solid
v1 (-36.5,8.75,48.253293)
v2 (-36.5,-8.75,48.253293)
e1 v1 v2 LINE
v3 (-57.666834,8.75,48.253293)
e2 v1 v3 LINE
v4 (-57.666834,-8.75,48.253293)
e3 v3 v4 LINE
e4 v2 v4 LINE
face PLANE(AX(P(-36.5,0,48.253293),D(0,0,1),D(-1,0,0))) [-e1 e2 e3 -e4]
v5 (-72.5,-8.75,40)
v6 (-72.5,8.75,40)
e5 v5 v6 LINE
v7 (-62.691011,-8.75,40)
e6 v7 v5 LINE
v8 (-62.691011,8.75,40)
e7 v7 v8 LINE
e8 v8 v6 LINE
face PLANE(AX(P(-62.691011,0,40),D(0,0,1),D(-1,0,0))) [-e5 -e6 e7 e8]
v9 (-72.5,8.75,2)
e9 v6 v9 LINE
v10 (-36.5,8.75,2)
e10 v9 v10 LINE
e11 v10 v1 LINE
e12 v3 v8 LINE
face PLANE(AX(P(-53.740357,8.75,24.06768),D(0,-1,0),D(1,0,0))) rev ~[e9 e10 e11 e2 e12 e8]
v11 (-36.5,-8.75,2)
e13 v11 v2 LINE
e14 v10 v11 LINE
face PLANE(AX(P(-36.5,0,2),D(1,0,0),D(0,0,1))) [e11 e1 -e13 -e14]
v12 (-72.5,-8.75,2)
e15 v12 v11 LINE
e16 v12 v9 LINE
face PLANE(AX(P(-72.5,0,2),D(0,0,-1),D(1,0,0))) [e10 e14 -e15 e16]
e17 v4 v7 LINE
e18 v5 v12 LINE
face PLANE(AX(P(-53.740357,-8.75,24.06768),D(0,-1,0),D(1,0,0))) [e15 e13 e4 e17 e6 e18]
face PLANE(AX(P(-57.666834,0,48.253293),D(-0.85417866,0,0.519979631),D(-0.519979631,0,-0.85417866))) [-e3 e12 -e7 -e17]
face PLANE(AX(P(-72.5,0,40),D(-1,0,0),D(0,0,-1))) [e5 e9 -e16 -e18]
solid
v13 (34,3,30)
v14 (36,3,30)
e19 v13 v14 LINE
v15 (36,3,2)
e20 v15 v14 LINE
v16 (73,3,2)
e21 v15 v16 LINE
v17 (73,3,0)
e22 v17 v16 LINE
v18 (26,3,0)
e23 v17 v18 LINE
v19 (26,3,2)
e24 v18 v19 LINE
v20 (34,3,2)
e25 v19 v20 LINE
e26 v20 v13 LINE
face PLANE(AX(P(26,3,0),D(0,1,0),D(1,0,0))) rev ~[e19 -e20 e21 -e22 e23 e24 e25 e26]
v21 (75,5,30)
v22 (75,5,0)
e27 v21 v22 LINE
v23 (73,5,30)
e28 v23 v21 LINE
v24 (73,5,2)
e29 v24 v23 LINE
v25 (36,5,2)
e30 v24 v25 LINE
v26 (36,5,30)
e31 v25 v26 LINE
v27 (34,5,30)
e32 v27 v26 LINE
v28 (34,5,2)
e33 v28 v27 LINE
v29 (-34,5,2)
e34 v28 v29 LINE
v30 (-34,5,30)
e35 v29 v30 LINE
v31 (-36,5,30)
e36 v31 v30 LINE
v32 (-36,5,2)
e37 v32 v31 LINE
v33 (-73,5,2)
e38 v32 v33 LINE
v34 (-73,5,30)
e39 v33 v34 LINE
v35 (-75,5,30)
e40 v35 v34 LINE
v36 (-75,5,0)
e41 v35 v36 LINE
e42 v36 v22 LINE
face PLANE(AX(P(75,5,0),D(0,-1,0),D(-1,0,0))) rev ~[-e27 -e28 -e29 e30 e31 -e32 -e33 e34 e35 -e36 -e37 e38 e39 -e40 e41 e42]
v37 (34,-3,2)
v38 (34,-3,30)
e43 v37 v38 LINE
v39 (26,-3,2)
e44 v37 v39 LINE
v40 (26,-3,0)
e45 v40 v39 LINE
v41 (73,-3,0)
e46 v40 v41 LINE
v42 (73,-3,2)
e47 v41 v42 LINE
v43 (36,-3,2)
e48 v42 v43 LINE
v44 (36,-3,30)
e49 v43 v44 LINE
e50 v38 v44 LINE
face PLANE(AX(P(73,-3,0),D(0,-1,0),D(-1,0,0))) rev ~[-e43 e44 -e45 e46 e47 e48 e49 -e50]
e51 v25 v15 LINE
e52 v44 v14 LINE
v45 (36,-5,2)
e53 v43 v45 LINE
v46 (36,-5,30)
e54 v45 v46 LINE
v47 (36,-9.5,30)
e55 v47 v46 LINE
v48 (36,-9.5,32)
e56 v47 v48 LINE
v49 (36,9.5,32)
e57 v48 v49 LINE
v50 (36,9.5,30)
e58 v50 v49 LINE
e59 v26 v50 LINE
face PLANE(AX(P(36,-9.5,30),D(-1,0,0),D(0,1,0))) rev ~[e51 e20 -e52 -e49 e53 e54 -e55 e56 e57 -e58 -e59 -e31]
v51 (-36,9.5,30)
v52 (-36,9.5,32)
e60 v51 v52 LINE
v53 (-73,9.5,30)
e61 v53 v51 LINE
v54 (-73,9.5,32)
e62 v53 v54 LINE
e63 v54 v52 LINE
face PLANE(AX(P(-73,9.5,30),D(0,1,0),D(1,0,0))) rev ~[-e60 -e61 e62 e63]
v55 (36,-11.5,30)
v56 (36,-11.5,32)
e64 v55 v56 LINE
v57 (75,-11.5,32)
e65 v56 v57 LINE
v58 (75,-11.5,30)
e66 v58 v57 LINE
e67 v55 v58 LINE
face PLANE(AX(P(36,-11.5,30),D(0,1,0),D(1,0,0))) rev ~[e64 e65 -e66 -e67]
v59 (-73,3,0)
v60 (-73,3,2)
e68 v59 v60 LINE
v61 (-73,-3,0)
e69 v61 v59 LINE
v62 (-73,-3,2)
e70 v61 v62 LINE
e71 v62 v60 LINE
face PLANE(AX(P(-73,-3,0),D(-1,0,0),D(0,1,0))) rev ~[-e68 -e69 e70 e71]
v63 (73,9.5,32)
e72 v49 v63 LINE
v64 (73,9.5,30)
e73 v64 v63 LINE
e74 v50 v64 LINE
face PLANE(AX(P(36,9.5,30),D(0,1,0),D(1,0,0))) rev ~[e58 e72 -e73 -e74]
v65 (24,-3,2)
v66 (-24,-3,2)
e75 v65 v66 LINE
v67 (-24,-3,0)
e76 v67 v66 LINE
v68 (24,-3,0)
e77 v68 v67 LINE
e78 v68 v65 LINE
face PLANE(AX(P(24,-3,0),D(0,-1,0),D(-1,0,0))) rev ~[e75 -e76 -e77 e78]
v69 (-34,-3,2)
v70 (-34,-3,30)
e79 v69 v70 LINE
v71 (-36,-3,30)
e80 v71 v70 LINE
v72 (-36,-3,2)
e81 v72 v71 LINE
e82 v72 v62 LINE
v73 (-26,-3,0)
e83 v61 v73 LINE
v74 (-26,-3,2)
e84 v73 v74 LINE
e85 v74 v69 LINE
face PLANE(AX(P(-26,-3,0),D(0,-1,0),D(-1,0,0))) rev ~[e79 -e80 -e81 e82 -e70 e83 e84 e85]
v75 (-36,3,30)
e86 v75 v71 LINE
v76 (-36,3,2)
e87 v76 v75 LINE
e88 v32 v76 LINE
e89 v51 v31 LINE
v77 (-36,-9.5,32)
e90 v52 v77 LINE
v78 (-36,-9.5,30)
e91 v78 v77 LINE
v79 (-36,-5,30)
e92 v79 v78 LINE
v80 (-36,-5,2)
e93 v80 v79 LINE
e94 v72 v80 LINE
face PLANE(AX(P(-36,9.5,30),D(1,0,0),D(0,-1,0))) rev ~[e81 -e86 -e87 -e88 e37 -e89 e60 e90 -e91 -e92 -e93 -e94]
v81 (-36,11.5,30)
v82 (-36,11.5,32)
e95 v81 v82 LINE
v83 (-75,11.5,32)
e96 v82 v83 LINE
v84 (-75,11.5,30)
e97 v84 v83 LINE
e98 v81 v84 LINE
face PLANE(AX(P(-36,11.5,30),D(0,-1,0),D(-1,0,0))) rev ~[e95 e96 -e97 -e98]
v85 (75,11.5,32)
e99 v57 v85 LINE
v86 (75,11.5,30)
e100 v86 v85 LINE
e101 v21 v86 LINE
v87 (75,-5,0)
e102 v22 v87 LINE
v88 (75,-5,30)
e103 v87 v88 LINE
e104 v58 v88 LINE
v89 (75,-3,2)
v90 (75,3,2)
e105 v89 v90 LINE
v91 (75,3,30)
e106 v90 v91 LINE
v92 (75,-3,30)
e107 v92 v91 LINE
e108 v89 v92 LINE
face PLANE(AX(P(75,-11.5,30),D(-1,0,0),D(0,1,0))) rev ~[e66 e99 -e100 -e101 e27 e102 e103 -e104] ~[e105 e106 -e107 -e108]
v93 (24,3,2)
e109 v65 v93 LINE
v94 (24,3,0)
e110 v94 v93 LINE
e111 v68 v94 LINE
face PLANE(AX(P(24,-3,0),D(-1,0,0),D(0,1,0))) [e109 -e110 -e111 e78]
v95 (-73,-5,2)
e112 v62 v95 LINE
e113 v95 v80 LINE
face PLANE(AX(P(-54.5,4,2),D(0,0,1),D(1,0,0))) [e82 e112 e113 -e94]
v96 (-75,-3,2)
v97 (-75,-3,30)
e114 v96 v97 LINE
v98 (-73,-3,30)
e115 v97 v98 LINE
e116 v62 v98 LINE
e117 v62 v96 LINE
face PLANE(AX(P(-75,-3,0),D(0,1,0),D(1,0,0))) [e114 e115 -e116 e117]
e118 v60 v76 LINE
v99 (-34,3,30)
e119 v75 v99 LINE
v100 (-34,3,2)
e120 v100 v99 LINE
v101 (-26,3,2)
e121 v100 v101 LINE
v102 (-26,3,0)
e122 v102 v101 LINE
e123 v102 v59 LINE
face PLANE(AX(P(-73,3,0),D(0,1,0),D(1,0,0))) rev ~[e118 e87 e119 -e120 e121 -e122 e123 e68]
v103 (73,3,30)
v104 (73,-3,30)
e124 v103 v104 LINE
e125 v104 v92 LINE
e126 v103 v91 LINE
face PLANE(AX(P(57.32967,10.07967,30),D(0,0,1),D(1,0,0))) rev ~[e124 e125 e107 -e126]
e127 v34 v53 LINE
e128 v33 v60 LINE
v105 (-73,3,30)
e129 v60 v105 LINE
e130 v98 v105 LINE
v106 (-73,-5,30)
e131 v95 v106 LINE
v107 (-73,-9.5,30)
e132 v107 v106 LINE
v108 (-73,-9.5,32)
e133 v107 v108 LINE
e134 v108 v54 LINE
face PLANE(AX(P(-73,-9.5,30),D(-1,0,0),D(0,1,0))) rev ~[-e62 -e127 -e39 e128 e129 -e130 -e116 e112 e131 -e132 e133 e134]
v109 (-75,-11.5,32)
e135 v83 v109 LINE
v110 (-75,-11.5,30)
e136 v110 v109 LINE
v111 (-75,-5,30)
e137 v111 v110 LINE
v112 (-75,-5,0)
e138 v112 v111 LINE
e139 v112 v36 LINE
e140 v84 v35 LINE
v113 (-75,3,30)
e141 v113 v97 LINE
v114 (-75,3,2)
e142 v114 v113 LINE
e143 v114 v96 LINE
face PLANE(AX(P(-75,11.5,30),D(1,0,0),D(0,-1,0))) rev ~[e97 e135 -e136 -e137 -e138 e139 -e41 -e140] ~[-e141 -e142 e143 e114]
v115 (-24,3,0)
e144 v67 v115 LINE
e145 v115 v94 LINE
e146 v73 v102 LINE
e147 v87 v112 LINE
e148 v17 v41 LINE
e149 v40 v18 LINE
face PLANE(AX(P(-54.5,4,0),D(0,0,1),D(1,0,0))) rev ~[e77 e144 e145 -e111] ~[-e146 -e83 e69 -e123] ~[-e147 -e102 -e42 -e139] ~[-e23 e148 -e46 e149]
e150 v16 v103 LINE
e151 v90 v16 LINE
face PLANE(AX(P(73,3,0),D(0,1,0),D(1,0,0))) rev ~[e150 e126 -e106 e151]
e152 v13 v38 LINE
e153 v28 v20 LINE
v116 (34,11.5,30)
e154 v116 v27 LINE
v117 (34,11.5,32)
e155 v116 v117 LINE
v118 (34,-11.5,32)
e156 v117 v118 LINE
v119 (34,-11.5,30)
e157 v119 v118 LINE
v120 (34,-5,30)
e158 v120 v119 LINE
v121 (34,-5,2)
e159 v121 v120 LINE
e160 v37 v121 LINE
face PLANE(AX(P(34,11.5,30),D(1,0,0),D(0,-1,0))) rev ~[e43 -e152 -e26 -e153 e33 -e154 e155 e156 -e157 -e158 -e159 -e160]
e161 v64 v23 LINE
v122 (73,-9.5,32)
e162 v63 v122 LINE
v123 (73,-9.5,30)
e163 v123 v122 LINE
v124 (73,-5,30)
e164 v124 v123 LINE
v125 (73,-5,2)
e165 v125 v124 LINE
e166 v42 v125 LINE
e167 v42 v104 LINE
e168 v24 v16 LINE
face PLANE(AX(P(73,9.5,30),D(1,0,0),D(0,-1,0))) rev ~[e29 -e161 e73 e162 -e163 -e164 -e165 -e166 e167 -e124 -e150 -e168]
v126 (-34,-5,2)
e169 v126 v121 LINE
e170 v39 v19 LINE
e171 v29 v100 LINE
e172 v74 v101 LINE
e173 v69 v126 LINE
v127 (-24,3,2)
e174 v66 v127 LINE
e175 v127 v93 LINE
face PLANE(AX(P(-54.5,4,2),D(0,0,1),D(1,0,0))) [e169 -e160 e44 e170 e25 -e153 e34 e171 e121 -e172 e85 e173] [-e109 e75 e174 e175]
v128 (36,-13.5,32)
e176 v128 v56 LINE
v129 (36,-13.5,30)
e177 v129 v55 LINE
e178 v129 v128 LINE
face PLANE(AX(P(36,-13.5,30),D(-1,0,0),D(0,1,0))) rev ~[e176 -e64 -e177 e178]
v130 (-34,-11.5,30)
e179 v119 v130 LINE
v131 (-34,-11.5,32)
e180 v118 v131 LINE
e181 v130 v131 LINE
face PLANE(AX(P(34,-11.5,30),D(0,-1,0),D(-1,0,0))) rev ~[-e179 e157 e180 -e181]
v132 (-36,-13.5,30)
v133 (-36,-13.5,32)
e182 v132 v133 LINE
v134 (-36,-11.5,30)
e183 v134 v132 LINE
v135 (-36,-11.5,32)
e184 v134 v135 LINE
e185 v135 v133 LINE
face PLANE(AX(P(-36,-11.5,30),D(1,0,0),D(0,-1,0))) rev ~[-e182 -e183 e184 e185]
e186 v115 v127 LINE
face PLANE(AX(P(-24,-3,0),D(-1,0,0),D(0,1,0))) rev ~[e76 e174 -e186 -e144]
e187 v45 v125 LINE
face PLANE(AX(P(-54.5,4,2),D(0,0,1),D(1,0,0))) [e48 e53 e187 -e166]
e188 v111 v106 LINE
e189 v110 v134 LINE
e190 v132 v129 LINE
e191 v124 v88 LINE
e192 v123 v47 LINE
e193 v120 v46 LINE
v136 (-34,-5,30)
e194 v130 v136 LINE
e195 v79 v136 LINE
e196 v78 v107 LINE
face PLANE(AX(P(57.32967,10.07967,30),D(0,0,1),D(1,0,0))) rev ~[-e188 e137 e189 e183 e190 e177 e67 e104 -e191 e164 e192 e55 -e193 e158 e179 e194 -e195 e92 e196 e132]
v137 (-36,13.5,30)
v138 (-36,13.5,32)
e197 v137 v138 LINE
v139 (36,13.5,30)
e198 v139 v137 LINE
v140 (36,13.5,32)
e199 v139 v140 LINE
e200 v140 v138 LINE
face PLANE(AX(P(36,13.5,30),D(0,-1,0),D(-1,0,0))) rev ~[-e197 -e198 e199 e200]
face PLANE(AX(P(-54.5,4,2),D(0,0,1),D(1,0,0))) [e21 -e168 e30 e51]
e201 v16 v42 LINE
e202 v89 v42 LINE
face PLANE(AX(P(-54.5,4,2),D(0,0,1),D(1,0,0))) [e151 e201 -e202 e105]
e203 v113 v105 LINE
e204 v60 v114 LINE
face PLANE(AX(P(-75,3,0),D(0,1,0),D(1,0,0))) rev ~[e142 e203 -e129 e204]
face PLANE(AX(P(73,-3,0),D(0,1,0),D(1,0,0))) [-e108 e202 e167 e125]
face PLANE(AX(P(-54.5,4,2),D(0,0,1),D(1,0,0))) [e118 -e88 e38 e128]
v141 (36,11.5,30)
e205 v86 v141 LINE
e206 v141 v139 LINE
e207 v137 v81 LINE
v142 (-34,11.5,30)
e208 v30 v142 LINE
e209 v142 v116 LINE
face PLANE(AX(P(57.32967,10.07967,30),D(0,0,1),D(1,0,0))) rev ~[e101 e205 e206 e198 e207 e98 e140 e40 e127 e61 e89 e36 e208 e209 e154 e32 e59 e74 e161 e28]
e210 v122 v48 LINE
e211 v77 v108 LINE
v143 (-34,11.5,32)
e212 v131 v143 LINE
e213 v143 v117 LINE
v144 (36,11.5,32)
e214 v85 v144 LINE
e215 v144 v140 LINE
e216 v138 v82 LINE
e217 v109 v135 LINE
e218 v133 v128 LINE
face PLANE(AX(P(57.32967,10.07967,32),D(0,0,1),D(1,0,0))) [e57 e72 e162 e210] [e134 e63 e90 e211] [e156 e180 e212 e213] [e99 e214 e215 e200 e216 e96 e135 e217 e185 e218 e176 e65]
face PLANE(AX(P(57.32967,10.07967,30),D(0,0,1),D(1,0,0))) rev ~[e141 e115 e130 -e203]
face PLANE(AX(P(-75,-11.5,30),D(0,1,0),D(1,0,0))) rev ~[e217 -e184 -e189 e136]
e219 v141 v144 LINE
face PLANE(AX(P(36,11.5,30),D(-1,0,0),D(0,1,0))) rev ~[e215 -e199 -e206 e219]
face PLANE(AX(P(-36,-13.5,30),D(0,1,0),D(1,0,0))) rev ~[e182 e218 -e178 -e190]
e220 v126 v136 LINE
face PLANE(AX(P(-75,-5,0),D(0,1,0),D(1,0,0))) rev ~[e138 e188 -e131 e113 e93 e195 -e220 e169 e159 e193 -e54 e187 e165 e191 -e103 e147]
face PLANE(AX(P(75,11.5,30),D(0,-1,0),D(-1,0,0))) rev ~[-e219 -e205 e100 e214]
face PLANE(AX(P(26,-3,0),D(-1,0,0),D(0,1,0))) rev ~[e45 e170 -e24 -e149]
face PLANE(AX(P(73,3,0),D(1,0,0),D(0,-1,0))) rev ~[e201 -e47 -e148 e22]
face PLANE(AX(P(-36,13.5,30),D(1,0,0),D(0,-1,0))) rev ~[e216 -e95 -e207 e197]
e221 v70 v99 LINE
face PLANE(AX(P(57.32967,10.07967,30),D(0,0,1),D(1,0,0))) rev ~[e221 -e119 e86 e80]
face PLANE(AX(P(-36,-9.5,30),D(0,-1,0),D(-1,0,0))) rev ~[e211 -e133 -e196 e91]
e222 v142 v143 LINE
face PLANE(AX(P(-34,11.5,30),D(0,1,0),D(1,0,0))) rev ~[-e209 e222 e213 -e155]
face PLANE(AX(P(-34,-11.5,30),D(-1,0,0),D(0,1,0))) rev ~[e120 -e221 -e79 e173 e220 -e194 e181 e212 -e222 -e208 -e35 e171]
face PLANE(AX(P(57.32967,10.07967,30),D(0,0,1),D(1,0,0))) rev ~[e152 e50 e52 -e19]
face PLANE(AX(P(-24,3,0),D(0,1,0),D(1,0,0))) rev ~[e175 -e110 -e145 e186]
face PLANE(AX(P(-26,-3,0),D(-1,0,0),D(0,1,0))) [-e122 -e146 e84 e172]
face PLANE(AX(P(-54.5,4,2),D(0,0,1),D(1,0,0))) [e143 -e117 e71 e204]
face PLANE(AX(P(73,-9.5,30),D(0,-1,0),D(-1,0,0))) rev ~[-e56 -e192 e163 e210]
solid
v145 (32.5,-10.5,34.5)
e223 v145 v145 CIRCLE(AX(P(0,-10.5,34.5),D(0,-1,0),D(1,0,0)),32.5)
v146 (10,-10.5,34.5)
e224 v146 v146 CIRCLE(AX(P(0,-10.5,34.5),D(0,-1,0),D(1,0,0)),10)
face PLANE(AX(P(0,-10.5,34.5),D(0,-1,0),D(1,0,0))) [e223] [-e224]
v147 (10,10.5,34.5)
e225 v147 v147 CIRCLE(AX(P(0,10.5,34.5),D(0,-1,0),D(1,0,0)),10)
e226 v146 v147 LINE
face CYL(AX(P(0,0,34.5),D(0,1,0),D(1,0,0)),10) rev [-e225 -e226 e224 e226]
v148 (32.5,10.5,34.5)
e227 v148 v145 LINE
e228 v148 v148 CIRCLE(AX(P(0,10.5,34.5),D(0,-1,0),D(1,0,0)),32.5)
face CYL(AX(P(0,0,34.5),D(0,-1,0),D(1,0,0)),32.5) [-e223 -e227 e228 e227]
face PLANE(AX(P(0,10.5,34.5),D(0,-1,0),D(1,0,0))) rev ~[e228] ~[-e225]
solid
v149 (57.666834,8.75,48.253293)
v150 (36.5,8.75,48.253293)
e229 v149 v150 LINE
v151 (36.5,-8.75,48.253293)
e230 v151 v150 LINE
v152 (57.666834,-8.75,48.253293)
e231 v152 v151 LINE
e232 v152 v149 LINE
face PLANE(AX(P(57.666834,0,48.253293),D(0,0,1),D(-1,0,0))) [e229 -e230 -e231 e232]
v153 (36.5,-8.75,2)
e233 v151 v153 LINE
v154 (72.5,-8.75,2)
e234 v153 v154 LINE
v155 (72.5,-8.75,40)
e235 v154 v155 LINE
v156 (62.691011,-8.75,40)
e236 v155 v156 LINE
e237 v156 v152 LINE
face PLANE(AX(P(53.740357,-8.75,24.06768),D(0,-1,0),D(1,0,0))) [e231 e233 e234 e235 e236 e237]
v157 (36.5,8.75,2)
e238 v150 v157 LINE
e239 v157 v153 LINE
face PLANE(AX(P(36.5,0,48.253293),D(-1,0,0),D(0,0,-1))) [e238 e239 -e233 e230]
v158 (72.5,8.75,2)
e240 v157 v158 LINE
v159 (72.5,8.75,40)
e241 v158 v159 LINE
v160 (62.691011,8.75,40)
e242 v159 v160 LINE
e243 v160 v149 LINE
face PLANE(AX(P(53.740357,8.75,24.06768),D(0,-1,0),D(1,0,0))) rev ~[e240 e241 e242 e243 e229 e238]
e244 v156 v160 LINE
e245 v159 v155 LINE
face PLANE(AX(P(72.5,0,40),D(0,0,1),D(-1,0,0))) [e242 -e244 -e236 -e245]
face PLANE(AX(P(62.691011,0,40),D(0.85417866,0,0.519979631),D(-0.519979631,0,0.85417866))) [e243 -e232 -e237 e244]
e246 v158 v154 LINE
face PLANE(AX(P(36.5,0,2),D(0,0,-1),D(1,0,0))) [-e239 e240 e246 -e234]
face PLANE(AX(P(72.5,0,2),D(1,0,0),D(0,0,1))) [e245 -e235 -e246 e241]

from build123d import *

# Parameters (mm, degrees)
F0_W     = 37
F0_H     = 2
F0_W_2   = 2
F0_H_2   = 6
F1_DEPTH = 2
F2_DEPTH = 30
F3_START = 30
F3_DEPTH = 2
F5_DEPTH = 8.75
F4_R     = 32.5
F4_R_2   = 10
F6_DEPTH = 10.5


with BuildPart() as f1:
    # F0 (on Top) → F1 (new body)
    with BuildSketch(Plane.XY):
        with Locations((-54.5, 4)):
            Rectangle(F0_W, F0_H)
        Polygon((-75, -3), (-73, -3), (-73, 0), (-73, 3), (-75, 3), (-75, 0), align=None)
        with Locations((-74, 4)):
            Rectangle(F0_W_2, F0_H)
        with Locations((-74, -4)):
            Rectangle(F0_W_2, F0_H)
        with Locations((-54.5, -4)):
            Rectangle(F0_W, F0_H)
        with Locations((-35, -4)):
            Rectangle(F0_W_2, F0_H)
        with Locations((-35, 4)):
            Rectangle(F0_W_2, F0_H)
        Polygon((26, 3), (34, 3), (34, 5), (-34, 5), (-34, 3), (-26, 3), (-24, 3), (24, 3), align=None)
        with Locations((-25, 0)):
            Rectangle(F0_W_2, F0_H_2)
        Polygon((-34, -5), (34, -5), (34, -3), (26, -3), (24, -3), (-24, -3), (-26, -3), (-34, -3), align=None)
        with Locations((25, 0)):
            Rectangle(F0_W_2, F0_H_2)
        with Locations((35, 4)):
            Rectangle(F0_W_2, F0_H)
        with Locations((35, -4)):
            Rectangle(F0_W_2, F0_H)
        with Locations((54.5, 4)):
            Rectangle(F0_W, F0_H)
        with Locations((54.5, -4)):
            Rectangle(F0_W, F0_H)
        with Locations((74, 4)):
            Rectangle(F0_W_2, F0_H)
        Polygon((73, -3), (75, -3), (75, 0), (75, 3), (73, 3), (73, 0), align=None)
        with Locations((74, -4)):
            Rectangle(F0_W_2, F0_H)
    extrude(amount=F1_DEPTH)

    # F0 (on Top) → F2 (join)
    with BuildSketch(Plane.XY):
        with Locations((-74, 4)):
            Rectangle(F0_W_2, F0_H)
        with Locations((-74, -4)):
            Rectangle(F0_W_2, F0_H)
        with Locations((-35, 4)):
            Rectangle(F0_W_2, F0_H)
        with Locations((-35, -4)):
            Rectangle(F0_W_2, F0_H)
        with Locations((35, 4)):
            Rectangle(F0_W_2, F0_H)
        with Locations((35, -4)):
            Rectangle(F0_W_2, F0_H)
        with Locations((74, 4)):
            Rectangle(F0_W_2, F0_H)
        with Locations((74, -4)):
            Rectangle(F0_W_2, F0_H)
    extrude(amount=F2_DEPTH)

    # F0 (on Top) → F3 (join)
    with BuildSketch(Plane.XY.offset(F3_START)):
        Polygon((73, 5), (75, 5), (75, 11.5), (36, 11.5), (36, 9.5), (73, 9.5), align=None)
        with Locations((74, 4)):
            Rectangle(F0_W_2, F0_H)
        Polygon((73, -3), (75, -3), (75, 0), (75, 3), (73, 3), (73, 0), align=None)
        with Locations((74, -4)):
            Rectangle(F0_W_2, F0_H)
        Polygon((75, -11.5), (75, -5), (73, -5), (73, -9.5), (36, -9.5), (36, -11.5), align=None)
        Polygon((34, 5), (36, 5), (36, 9.5), (36, 11.5), (36, 13.5), (-36, 13.5), (-36, 11.5), (-36, 9.5), (-36, 5), (-34, 5), (-34, 11.5), (34, 11.5), align=None)
        with Locations((35, 4)):
            Rectangle(F0_W_2, F0_H)
        with Locations((35, 0)):
            Rectangle(F0_W_2, F0_H_2)
        with Locations((35, -4)):
            Rectangle(F0_W_2, F0_H)
        Polygon((36, -9.5), (36, -5), (34, -5), (34, -11.5), (-34, -11.5), (-34, -5), (-36, -5), (-36, -9.5), (-36, -11.5), (-36, -13.5), (36, -13.5), (36, -11.5), align=None)
        with Locations((-35, 4)):
            Rectangle(F0_W_2, F0_H)
        with Locations((-35, 0)):
            Rectangle(F0_W_2, F0_H_2)
        with Locations((-35, -4)):
            Rectangle(F0_W_2, F0_H)
        Polygon((-75, 5), (-73, 5), (-73, 9.5), (-36, 9.5), (-36, 11.5), (-75, 11.5), align=None)
        Polygon((-75, -11.5), (-36, -11.5), (-36, -9.5), (-73, -9.5), (-73, -5), (-75, -5), align=None)
        with Locations((-74, -4)):
            Rectangle(F0_W_2, F0_H)
        Polygon((-75, -3), (-73, -3), (-73, 0), (-73, 3), (-75, 3), (-75, 0), align=None)
        with Locations((-74, 4)):
            Rectangle(F0_W_2, F0_H)
    extrude(amount=F3_DEPTH)


with BuildPart() as f5:
    # F4 (on Front) → F5 (new body, symmetric)
    with BuildSketch(Plane.XZ):
        Polygon((-72.5, 2), (-36.5, 2), (-36.5, 48.2532925308), (-57.6668344438, 48.2532925308), (-62.6910105348, 40), (-72.5, 40), align=None)
    extrude(amount=F5_DEPTH, both=True)


with BuildPart() as f5b:
    # F4 (on Front) → F5, piece 2 (new body, symmetric)
    with BuildSketch(Plane.XZ):
        Polygon((36.5, 48.2532925308), (36.5, 2), (72.5, 2), (72.5, 40), (62.6910105348, 40), (57.6668344438, 48.2532925308), align=None)
    extrude(amount=F5_DEPTH, both=True)


with BuildPart() as f6:
    # F4 (on Front) → F6 (new body, symmetric)
    with BuildSketch(Plane.XZ):
        with Locations((0, 34.5)):
            Circle(F4_R)
        with Locations((0, 34.5)):
            Circle(F4_R_2, mode=Mode.SUBTRACT)
    extrude(amount=F6_DEPTH, both=True)


solid = Compound([f1.part, f5.part, f5b.part, f6.part])
